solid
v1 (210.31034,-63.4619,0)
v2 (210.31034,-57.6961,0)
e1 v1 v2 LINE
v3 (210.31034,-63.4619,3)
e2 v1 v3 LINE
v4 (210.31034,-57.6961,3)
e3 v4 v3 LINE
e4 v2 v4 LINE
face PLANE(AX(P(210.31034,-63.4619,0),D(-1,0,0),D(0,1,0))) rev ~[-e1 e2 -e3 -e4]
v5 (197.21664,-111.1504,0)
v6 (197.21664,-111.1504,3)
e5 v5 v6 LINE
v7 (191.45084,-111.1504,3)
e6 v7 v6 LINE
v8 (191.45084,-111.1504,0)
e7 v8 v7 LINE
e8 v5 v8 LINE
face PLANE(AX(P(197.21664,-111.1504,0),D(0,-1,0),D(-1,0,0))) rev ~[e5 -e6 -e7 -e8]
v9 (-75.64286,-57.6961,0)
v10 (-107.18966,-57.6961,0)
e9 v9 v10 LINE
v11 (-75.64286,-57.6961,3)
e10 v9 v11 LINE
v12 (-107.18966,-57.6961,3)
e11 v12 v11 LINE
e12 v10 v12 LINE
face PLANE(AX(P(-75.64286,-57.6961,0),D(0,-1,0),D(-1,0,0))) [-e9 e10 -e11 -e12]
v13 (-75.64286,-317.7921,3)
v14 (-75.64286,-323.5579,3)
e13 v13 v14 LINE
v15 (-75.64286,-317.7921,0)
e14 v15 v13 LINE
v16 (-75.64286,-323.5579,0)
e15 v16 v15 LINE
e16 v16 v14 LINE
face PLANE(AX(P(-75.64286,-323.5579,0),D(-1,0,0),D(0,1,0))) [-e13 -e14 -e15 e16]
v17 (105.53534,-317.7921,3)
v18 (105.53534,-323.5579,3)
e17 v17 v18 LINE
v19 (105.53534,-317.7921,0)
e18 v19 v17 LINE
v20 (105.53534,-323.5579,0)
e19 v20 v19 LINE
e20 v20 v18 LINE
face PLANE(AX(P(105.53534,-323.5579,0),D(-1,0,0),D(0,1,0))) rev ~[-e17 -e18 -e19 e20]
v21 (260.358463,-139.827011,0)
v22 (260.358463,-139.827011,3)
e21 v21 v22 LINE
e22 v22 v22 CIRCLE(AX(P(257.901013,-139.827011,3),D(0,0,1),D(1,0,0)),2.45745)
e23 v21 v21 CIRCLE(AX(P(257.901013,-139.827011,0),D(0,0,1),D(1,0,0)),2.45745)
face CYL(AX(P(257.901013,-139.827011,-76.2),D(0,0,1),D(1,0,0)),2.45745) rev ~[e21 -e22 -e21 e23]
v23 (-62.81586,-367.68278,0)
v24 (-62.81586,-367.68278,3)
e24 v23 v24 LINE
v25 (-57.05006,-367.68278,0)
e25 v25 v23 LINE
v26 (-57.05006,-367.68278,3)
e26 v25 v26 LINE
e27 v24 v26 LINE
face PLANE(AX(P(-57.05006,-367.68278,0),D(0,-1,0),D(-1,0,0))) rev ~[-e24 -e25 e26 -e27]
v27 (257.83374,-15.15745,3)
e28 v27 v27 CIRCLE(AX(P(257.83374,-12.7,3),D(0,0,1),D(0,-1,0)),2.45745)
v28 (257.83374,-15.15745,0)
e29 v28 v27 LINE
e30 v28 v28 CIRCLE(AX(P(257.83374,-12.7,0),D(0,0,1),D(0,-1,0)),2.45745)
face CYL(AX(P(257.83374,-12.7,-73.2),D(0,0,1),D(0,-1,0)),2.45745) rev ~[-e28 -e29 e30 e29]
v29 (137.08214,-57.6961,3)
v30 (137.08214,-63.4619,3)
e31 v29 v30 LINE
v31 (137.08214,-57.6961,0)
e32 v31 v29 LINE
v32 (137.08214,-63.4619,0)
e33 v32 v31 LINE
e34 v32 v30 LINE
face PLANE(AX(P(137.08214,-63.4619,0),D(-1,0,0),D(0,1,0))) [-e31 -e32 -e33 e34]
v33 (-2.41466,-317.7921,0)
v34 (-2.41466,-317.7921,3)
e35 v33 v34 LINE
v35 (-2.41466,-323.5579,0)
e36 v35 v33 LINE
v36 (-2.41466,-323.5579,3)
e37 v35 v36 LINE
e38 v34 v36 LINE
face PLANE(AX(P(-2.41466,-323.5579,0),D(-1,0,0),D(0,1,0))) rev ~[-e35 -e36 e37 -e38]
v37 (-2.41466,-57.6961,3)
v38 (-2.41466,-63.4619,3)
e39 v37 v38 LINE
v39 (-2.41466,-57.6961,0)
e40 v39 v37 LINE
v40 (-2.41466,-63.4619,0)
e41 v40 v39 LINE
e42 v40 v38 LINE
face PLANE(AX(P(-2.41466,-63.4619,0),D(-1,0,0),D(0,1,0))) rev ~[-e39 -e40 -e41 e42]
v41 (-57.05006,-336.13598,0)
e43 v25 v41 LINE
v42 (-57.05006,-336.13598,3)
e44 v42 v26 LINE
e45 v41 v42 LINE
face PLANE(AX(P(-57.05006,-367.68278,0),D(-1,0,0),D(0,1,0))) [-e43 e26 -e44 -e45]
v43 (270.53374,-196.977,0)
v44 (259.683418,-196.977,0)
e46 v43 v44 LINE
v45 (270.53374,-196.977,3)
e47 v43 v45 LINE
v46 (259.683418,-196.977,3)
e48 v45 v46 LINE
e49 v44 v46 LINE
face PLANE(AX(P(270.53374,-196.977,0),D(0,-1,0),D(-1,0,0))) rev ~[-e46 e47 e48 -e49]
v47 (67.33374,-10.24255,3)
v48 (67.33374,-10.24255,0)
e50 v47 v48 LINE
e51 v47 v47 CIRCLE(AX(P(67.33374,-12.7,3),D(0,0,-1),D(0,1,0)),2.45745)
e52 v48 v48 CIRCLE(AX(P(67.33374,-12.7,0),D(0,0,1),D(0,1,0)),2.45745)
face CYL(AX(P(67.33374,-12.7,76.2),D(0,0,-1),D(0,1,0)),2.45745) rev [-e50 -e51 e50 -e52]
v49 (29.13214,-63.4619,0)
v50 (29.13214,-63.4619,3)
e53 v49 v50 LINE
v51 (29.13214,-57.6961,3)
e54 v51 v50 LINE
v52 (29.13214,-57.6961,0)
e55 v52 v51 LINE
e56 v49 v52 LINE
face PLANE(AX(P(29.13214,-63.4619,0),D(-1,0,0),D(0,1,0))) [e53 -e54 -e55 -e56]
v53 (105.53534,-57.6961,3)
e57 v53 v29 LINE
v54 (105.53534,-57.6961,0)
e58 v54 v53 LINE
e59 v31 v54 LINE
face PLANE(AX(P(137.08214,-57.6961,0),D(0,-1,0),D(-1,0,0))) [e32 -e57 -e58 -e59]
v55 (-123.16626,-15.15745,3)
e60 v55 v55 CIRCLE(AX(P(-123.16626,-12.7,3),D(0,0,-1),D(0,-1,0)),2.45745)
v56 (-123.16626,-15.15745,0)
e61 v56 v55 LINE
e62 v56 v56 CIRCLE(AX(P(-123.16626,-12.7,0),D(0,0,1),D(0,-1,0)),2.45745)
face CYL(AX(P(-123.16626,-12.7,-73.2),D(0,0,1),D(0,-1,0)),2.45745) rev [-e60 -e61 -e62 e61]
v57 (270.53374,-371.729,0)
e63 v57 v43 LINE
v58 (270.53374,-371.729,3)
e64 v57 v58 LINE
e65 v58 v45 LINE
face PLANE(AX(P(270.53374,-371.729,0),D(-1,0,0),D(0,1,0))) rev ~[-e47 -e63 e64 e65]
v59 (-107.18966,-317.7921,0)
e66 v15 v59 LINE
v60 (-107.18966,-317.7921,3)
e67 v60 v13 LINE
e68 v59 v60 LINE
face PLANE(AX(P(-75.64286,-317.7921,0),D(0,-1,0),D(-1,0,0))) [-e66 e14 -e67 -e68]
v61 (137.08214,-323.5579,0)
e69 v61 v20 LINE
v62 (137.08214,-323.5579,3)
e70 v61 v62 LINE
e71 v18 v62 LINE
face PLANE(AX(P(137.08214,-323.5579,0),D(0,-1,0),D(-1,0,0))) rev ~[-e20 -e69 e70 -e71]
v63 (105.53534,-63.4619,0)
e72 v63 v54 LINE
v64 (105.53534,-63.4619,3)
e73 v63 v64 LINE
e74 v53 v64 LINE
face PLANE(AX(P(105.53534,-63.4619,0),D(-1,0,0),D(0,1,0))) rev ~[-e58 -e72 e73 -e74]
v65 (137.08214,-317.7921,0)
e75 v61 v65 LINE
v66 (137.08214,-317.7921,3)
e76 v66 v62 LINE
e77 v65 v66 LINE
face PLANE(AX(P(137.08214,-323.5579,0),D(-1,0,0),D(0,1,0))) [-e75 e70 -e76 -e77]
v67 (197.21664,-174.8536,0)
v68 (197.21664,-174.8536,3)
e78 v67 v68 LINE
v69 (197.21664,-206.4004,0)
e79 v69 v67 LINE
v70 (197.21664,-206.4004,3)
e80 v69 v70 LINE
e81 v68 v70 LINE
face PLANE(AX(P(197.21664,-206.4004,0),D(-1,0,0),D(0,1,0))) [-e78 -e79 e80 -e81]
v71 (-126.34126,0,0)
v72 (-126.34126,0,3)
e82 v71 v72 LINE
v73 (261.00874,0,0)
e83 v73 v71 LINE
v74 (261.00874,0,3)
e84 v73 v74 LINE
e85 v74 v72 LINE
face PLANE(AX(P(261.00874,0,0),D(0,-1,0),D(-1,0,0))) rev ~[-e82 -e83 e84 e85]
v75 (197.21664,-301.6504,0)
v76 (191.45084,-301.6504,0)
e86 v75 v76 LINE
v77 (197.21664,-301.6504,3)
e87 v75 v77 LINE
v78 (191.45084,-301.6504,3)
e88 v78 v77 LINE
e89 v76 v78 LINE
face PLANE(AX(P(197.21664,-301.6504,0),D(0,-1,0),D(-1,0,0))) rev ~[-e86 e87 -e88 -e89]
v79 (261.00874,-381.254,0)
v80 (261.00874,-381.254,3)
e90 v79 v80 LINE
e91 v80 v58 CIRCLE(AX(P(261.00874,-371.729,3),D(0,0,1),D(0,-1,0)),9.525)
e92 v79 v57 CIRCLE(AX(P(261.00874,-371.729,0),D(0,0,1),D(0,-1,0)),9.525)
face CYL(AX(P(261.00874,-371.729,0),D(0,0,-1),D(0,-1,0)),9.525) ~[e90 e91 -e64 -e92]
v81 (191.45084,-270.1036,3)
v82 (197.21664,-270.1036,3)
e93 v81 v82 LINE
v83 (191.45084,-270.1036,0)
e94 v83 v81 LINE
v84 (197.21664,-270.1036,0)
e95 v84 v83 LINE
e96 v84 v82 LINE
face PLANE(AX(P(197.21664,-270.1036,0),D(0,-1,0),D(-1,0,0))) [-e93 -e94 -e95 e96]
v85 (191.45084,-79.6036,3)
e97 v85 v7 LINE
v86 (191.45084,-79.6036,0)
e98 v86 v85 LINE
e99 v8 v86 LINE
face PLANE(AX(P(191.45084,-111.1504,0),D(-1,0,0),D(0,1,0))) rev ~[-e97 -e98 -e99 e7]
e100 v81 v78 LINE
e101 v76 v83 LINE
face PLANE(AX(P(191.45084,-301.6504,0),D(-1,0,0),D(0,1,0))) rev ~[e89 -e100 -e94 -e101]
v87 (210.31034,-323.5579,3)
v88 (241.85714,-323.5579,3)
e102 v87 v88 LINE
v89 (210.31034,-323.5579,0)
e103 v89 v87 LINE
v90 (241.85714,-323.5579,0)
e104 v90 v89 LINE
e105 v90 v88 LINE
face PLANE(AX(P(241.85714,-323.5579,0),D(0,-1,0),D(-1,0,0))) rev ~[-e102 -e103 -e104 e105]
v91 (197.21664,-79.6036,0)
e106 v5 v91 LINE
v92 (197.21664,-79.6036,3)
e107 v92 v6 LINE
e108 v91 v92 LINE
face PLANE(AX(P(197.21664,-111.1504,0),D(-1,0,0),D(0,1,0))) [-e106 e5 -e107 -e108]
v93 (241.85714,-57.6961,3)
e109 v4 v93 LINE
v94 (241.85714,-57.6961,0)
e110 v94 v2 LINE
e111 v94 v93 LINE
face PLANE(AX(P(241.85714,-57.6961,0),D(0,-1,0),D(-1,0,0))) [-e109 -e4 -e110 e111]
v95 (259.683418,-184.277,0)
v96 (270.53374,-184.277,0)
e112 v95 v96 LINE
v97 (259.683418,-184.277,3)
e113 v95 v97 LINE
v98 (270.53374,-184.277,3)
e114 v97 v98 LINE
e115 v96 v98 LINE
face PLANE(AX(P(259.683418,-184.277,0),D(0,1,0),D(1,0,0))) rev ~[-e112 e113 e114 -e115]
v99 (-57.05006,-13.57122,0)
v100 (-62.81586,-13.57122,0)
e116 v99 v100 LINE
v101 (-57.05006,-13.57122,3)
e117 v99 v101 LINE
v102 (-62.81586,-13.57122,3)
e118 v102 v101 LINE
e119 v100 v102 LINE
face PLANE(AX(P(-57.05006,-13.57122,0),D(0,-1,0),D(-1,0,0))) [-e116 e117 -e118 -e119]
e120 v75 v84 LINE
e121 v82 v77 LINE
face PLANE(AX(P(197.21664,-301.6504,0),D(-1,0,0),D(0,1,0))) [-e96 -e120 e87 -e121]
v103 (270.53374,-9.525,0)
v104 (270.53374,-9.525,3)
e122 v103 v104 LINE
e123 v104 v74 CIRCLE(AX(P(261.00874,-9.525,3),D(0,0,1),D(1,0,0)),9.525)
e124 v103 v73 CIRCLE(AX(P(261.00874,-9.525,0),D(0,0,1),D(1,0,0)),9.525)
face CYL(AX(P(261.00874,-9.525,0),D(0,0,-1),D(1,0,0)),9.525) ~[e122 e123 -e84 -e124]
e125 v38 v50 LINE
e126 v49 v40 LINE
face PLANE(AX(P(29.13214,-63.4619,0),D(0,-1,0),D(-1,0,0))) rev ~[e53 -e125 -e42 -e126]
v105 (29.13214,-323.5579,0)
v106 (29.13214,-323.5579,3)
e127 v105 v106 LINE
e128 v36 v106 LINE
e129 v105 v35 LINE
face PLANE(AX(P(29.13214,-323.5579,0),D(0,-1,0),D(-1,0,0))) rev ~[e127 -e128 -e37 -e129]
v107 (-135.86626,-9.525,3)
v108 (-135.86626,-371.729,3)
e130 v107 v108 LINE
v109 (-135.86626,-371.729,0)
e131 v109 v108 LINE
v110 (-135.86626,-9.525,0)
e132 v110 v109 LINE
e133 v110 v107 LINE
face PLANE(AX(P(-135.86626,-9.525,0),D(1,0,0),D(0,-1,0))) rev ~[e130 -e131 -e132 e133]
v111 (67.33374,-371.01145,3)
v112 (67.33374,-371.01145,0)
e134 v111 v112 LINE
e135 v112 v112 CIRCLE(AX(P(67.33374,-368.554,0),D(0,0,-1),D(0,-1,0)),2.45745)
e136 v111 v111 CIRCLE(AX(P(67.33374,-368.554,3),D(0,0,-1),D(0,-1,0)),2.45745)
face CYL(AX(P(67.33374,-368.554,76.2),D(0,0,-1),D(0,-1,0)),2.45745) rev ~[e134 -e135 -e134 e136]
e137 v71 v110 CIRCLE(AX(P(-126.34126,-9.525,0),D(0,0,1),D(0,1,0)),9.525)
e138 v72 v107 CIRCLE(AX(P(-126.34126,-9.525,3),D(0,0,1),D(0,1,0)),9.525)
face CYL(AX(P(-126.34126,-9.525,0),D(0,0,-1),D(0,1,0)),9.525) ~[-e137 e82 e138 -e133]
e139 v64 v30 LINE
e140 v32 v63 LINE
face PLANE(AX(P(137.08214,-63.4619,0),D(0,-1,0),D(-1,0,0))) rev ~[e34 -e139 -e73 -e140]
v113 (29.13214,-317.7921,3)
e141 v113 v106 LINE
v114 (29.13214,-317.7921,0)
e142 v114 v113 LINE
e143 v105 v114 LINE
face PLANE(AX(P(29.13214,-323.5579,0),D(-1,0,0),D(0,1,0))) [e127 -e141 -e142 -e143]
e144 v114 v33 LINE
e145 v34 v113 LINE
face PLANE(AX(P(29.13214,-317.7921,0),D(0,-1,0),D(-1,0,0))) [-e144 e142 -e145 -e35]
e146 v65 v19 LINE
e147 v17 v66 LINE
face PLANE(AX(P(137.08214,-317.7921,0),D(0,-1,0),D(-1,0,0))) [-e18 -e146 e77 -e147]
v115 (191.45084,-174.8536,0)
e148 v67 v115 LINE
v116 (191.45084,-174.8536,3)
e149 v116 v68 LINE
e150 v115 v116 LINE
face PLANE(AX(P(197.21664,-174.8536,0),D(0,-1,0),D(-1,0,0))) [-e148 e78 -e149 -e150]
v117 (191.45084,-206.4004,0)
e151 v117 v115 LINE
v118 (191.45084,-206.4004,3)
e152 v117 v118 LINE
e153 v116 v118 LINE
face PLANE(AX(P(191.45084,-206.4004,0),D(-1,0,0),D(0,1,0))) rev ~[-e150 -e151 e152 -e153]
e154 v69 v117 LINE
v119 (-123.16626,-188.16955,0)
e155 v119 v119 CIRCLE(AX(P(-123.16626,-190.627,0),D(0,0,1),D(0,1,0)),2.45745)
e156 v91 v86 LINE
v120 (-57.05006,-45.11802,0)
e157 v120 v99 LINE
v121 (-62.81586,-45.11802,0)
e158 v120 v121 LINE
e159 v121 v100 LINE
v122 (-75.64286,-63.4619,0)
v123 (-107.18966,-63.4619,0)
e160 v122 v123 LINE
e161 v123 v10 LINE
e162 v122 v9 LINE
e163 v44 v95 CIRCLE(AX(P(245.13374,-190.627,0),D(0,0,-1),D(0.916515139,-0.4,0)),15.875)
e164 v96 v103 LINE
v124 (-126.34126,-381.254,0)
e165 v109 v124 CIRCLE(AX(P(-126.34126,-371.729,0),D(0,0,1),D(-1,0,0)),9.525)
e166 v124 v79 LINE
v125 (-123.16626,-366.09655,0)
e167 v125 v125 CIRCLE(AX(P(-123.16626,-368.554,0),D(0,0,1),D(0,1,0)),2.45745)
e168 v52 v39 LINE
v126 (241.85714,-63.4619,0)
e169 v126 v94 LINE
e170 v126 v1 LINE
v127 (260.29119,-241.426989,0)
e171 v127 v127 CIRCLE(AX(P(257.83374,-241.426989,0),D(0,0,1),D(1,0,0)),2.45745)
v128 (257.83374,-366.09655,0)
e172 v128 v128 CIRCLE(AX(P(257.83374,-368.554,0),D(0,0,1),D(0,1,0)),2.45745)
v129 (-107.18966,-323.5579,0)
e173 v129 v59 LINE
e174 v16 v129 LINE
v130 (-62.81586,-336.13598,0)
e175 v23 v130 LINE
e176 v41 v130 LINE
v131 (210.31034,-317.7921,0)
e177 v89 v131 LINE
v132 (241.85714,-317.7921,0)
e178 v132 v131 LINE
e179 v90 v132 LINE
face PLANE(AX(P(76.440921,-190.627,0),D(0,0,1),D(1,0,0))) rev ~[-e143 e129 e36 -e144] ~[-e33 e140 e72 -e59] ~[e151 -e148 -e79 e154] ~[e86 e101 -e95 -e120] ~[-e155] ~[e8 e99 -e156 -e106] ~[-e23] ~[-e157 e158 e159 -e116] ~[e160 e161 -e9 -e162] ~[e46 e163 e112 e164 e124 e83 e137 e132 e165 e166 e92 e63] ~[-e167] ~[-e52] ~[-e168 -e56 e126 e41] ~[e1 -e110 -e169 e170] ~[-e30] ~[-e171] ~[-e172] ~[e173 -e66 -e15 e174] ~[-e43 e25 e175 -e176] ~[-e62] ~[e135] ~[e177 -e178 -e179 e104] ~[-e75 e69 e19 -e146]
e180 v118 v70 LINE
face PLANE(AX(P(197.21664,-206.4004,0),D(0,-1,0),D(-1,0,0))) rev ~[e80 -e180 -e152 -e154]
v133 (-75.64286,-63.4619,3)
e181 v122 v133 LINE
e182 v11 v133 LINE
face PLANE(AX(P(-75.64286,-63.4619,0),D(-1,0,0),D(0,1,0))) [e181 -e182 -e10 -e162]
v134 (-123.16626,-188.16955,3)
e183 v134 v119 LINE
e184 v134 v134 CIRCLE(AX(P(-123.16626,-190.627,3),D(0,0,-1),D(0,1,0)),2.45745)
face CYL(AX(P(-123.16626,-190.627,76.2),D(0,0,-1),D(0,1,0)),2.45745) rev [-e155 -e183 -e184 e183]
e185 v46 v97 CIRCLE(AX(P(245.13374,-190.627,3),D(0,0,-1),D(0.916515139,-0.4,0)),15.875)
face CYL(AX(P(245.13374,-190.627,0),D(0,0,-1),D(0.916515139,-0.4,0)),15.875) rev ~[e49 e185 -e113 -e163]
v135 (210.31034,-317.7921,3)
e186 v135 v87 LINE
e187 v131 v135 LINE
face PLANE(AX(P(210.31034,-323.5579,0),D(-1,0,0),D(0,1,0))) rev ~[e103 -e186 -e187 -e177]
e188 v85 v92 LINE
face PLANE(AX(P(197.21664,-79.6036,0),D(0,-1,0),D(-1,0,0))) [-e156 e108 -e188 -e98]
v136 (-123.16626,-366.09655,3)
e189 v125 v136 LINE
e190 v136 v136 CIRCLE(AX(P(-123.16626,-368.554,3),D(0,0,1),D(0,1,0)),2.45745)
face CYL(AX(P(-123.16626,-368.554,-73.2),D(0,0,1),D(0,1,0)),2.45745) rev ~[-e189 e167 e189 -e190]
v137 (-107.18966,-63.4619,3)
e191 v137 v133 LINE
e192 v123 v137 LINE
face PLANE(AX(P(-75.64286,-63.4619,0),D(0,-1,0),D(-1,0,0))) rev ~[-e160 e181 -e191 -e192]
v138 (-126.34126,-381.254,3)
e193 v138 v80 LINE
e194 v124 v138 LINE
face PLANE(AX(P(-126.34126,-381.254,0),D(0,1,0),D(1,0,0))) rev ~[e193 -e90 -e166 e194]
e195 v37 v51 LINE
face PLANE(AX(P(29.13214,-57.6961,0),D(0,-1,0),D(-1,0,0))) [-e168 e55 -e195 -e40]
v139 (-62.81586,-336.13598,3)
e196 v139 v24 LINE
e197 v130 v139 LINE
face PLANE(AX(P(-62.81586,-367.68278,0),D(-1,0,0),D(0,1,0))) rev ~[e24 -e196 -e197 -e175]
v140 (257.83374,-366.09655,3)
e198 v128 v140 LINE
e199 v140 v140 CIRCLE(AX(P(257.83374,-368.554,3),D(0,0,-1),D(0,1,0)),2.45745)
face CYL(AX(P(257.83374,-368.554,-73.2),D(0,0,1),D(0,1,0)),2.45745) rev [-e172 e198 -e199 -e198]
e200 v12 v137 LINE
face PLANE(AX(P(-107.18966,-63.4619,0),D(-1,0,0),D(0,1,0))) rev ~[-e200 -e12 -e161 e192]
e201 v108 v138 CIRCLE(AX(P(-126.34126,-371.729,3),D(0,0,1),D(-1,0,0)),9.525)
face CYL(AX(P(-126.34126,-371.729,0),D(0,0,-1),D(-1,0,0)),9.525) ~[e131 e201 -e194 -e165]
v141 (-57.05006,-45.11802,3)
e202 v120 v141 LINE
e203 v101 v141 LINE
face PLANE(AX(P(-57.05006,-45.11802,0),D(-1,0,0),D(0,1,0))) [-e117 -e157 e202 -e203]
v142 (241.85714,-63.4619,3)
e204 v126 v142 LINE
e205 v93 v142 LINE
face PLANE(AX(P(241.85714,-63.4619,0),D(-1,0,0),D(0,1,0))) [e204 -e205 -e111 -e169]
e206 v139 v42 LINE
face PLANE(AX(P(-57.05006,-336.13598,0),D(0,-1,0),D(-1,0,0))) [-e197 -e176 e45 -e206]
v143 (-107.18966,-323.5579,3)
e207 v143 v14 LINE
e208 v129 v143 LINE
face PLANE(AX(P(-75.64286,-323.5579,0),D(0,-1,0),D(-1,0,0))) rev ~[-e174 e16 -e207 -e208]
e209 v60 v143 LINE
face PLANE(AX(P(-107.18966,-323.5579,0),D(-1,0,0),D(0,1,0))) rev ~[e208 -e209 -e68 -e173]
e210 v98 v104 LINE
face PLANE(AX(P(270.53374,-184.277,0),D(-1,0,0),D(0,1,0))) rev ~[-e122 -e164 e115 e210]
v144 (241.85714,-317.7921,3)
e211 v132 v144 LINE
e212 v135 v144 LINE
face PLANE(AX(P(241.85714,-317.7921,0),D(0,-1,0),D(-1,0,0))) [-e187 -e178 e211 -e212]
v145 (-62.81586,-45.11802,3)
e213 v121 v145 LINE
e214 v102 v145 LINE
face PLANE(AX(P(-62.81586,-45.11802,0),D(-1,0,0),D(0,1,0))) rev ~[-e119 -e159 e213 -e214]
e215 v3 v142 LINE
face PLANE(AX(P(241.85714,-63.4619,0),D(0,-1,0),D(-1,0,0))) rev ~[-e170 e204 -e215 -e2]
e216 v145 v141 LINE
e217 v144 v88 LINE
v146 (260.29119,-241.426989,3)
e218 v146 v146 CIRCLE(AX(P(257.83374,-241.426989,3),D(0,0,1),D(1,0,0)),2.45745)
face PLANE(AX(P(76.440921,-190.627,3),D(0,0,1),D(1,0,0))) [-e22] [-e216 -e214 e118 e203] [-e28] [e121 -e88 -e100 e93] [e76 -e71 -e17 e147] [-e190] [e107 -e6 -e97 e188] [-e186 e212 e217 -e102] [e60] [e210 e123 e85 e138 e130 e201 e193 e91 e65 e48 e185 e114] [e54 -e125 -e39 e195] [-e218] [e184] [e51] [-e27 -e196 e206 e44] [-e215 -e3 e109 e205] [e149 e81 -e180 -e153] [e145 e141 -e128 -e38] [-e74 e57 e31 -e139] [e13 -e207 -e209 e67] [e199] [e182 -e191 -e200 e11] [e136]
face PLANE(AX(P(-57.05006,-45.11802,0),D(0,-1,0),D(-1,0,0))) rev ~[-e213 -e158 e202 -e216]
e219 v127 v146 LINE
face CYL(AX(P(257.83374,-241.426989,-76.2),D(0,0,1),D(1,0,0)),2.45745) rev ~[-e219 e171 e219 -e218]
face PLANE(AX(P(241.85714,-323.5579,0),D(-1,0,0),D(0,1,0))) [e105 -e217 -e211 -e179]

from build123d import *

# Parameters (mm, degrees)
BOSS_EXTRUDE1_DEPTH                   = 3
F_10_0_1935_DIAMETER_HOLE2_AT_2_COUNT = 2
F_10_0_1935_DIAMETER_HOLE2_AT_2_PITCH = 260.668884466
F_10_0_1935_DIAMETER_HOLE1_D          = 4.9149
F_10_0_1935_DIAMETER_HOLE1_DEPTH      = 76.2
F_10_0_1935_DIAMETER_HOLE1_TIP        = 1.476584928
SKETCH9_W                             = 31.5468
SKETCH9_H                             = 5.7658
SKETCH9_W_2                           = 5.7658
SKETCH9_H_2                           = 31.5468
CUT_EXTRUDE1_DEPTH                    = 4


with BuildPart() as part:
    # Sketch1 → Boss-Extrude1 (new body)
    with BuildSketch(Plane.XY):
        with BuildLine():
            Line((-135.866260139, -66.675), (-135.866260139, -314.579))
            Line((-135.866260139, -314.579), (-135.866260139, -371.729))
            ThreePointArc((-135.866260139, -371.729), (-133.07645223, -378.464192091), (-126.341260139, -381.254))
            Line((-126.341260139, -381.254), (261.008739861, -381.254))
            ThreePointArc((261.008739861, -381.254), (267.743931952, -378.464192091), (270.533739861, -371.729))
            Line((270.533739861, -371.729), (270.533739861, -298.704))
            Line((270.533739861, -298.704), (270.533739861, -196.977))
            Line((270.533739861, -196.977), (259.683417693, -196.977))
            ThreePointArc((259.683417693, -196.977), (229.258739861, -190.627), (259.683417693, -184.277))
            Line((259.683417693, -184.277), (270.533739861, -184.277))
            Line((270.533739861, -184.277), (270.533739861, -82.55))
            Line((270.533739861, -82.55), (270.533739861, -9.525))
            ThreePointArc((270.533739861, -9.525), (267.743931952, -2.789807909), (261.008739861, 0))
            Line((261.008739861, 0), (-126.341260139, 0))
            ThreePointArc((-126.341260139, 0), (-133.07645223, -2.789807909), (-135.866260139, -9.525))
            Line((-135.866260139, -9.525), (-135.866260139, -66.675))
        make_face()
    extrude(amount=BOSS_EXTRUDE1_DEPTH)

    # Sketch2 → #10 (0.1935) Diameter Hole3 (revolve, cut)
    with BuildSketch(Plane(origin=(-123.166260139, -12.7, 3), x_dir=(0, -1, 0), z_dir=(1, 0, 0))):
        Polygon((0, 0), (0, 77.676584928), (2.45745, 76.2), (2.45745, 0), align=None)
    f_10_0_1935_diameter_hole3 = revolve(axis=Axis((-123.166260139, -12.7, 9.35), (0, 0, -1)), mode=Mode.SUBTRACT)

    # Sketch7 → #10 (0.1935) Diameter Hole2 (revolve, cut)
    with BuildSketch(Plane(origin=(67.333739861, -12.7, 0), x_dir=(0, 1, 0), z_dir=(1, 0, 0))):
        Polygon((0, 0), (0, 77.676584928), (2.45745, 76.2), (2.45745, 0), align=None)
    f_10_0_1935_diameter_hole2 = revolve(axis=Axis((67.333739861, -12.7, -6.35), (0, 0, 1)), mode=Mode.SUBTRACT)

    # #10 (0.1935) Diameter Hole2 at 2: #10 (0.1935) Diameter Hole2 ×2
    with Locations(*[Vector(-0.730812196, -0.682578591, 0) * (i * F_10_0_1935_DIAMETER_HOLE2_AT_2_PITCH) for i in range(1, F_10_0_1935_DIAMETER_HOLE2_AT_2_COUNT)]):
        add(f_10_0_1935_diameter_hole2, mode=Mode.SUBTRACT)

    # Mirror1: #10 (0.1935) Diameter Hole3 across plane
    add(f_10_0_1935_diameter_hole3.mirror(Plane.ZY.offset(-67.333739861)), mode=Mode.SUBTRACT)

    # Mirror2: #10 (0.1935) Diameter Hole3, #10 (0.1935) Diameter Hole2 across plane
    add(f_10_0_1935_diameter_hole3.mirror(Plane.ZX.offset(-190.627)), mode=Mode.SUBTRACT)
    add(f_10_0_1935_diameter_hole2.mirror(Plane.ZX.offset(-190.627)), mode=Mode.SUBTRACT)

    # Mirror2 copy 1 sketch → Mirror2 copy 1 (revolve, cut)
    with BuildSketch(Plane(origin=(257.833739861, -368.554, 3), x_dir=(0, 1, 0), z_dir=(-1, 0, 0))):
        Polygon((0, 0), (0, 77.676584928), (2.45745, 76.2), (2.45745, 0), align=None)
    revolve(axis=Axis((257.833739861, -368.554, 9.35), (0, 0, -1)), mode=Mode.SUBTRACT)

    # Mirror2 copy 2 sketch → Mirror2 copy 2 (revolve, cut)
    with BuildSketch(Plane(origin=(-123.166260139, -190.627, 0), x_dir=(0, -1, 0), z_dir=(1, 0, 0))):
        Polygon((0, 0), (0, -77.676584928), (2.45745, -76.2), (2.45745, 0), align=None)
    revolve(axis=Axis((-123.166260139, -190.627, -6.35), (0, 0, -1)), mode=Mode.SUBTRACT)

    # #10 (0.1935) Diameter Hole1
    with Locations(Plane(origin=(257.833739861, -241.426988864, 0), x_dir=(-1, 0, 0), z_dir=(0, 0, -1))):
        with Locations((0, 0), (-0.067272713, 101.599977728)):
            Hole(F_10_0_1935_DIAMETER_HOLE1_D / 2, depth=F_10_0_1935_DIAMETER_HOLE1_DEPTH)
            with Locations((0, 0, -(F_10_0_1935_DIAMETER_HOLE1_DEPTH + F_10_0_1935_DIAMETER_HOLE1_TIP / 2))):  # 118° drill point
                Cone(0, F_10_0_1935_DIAMETER_HOLE1_D / 2, F_10_0_1935_DIAMETER_HOLE1_TIP, mode=Mode.SUBTRACT)

    # Sketch9 → Cut-Extrude1 (cut, through all)
    with BuildSketch(Plane(origin=(0, 0, 0), x_dir=(-1, 0, 0), z_dir=(0, 0, -1))):
        with Locations((-121.308739861, -320.675)):
            Rectangle(SKETCH9_W, SKETCH9_H)
        with Locations((-226.083739861, -320.675)):
            Rectangle(SKETCH9_W, SKETCH9_H)
        with Locations((-194.333739861, -285.877)):
            Rectangle(SKETCH9_W_2, SKETCH9_H_2)
        with Locations((-194.333739861, -190.627)):
            Rectangle(SKETCH9_W_2, SKETCH9_H_2)
        with Locations((-194.333739861, -95.377)):
            Rectangle(SKETCH9_W_2, SKETCH9_H_2)
        with Locations((-226.083739861, -60.579)):
            Rectangle(SKETCH9_W, SKETCH9_H)
        with Locations((-121.308739861, -60.579)):
            Rectangle(SKETCH9_W, SKETCH9_H)
        with Locations((-13.358739861, -60.579)):
            Rectangle(SKETCH9_W, SKETCH9_H)
        with Locations((91.416260139, -60.579)):
            Rectangle(SKETCH9_W, SKETCH9_H)
        with Locations((59.932960139, -351.90938)):
            Rectangle(SKETCH9_W_2, SKETCH9_H_2)
        with Locations((59.932960139, -29.34462)):
            Rectangle(SKETCH9_W_2, SKETCH9_H_2)
        with Locations((91.416260139, -320.675)):
            Rectangle(SKETCH9_W, SKETCH9_H)
        with Locations((-13.358739861, -320.675)):
            Rectangle(SKETCH9_W, SKETCH9_H)
    extrude(amount=-CUT_EXTRUDE1_DEPTH, mode=Mode.SUBTRACT)


solid = part.part
